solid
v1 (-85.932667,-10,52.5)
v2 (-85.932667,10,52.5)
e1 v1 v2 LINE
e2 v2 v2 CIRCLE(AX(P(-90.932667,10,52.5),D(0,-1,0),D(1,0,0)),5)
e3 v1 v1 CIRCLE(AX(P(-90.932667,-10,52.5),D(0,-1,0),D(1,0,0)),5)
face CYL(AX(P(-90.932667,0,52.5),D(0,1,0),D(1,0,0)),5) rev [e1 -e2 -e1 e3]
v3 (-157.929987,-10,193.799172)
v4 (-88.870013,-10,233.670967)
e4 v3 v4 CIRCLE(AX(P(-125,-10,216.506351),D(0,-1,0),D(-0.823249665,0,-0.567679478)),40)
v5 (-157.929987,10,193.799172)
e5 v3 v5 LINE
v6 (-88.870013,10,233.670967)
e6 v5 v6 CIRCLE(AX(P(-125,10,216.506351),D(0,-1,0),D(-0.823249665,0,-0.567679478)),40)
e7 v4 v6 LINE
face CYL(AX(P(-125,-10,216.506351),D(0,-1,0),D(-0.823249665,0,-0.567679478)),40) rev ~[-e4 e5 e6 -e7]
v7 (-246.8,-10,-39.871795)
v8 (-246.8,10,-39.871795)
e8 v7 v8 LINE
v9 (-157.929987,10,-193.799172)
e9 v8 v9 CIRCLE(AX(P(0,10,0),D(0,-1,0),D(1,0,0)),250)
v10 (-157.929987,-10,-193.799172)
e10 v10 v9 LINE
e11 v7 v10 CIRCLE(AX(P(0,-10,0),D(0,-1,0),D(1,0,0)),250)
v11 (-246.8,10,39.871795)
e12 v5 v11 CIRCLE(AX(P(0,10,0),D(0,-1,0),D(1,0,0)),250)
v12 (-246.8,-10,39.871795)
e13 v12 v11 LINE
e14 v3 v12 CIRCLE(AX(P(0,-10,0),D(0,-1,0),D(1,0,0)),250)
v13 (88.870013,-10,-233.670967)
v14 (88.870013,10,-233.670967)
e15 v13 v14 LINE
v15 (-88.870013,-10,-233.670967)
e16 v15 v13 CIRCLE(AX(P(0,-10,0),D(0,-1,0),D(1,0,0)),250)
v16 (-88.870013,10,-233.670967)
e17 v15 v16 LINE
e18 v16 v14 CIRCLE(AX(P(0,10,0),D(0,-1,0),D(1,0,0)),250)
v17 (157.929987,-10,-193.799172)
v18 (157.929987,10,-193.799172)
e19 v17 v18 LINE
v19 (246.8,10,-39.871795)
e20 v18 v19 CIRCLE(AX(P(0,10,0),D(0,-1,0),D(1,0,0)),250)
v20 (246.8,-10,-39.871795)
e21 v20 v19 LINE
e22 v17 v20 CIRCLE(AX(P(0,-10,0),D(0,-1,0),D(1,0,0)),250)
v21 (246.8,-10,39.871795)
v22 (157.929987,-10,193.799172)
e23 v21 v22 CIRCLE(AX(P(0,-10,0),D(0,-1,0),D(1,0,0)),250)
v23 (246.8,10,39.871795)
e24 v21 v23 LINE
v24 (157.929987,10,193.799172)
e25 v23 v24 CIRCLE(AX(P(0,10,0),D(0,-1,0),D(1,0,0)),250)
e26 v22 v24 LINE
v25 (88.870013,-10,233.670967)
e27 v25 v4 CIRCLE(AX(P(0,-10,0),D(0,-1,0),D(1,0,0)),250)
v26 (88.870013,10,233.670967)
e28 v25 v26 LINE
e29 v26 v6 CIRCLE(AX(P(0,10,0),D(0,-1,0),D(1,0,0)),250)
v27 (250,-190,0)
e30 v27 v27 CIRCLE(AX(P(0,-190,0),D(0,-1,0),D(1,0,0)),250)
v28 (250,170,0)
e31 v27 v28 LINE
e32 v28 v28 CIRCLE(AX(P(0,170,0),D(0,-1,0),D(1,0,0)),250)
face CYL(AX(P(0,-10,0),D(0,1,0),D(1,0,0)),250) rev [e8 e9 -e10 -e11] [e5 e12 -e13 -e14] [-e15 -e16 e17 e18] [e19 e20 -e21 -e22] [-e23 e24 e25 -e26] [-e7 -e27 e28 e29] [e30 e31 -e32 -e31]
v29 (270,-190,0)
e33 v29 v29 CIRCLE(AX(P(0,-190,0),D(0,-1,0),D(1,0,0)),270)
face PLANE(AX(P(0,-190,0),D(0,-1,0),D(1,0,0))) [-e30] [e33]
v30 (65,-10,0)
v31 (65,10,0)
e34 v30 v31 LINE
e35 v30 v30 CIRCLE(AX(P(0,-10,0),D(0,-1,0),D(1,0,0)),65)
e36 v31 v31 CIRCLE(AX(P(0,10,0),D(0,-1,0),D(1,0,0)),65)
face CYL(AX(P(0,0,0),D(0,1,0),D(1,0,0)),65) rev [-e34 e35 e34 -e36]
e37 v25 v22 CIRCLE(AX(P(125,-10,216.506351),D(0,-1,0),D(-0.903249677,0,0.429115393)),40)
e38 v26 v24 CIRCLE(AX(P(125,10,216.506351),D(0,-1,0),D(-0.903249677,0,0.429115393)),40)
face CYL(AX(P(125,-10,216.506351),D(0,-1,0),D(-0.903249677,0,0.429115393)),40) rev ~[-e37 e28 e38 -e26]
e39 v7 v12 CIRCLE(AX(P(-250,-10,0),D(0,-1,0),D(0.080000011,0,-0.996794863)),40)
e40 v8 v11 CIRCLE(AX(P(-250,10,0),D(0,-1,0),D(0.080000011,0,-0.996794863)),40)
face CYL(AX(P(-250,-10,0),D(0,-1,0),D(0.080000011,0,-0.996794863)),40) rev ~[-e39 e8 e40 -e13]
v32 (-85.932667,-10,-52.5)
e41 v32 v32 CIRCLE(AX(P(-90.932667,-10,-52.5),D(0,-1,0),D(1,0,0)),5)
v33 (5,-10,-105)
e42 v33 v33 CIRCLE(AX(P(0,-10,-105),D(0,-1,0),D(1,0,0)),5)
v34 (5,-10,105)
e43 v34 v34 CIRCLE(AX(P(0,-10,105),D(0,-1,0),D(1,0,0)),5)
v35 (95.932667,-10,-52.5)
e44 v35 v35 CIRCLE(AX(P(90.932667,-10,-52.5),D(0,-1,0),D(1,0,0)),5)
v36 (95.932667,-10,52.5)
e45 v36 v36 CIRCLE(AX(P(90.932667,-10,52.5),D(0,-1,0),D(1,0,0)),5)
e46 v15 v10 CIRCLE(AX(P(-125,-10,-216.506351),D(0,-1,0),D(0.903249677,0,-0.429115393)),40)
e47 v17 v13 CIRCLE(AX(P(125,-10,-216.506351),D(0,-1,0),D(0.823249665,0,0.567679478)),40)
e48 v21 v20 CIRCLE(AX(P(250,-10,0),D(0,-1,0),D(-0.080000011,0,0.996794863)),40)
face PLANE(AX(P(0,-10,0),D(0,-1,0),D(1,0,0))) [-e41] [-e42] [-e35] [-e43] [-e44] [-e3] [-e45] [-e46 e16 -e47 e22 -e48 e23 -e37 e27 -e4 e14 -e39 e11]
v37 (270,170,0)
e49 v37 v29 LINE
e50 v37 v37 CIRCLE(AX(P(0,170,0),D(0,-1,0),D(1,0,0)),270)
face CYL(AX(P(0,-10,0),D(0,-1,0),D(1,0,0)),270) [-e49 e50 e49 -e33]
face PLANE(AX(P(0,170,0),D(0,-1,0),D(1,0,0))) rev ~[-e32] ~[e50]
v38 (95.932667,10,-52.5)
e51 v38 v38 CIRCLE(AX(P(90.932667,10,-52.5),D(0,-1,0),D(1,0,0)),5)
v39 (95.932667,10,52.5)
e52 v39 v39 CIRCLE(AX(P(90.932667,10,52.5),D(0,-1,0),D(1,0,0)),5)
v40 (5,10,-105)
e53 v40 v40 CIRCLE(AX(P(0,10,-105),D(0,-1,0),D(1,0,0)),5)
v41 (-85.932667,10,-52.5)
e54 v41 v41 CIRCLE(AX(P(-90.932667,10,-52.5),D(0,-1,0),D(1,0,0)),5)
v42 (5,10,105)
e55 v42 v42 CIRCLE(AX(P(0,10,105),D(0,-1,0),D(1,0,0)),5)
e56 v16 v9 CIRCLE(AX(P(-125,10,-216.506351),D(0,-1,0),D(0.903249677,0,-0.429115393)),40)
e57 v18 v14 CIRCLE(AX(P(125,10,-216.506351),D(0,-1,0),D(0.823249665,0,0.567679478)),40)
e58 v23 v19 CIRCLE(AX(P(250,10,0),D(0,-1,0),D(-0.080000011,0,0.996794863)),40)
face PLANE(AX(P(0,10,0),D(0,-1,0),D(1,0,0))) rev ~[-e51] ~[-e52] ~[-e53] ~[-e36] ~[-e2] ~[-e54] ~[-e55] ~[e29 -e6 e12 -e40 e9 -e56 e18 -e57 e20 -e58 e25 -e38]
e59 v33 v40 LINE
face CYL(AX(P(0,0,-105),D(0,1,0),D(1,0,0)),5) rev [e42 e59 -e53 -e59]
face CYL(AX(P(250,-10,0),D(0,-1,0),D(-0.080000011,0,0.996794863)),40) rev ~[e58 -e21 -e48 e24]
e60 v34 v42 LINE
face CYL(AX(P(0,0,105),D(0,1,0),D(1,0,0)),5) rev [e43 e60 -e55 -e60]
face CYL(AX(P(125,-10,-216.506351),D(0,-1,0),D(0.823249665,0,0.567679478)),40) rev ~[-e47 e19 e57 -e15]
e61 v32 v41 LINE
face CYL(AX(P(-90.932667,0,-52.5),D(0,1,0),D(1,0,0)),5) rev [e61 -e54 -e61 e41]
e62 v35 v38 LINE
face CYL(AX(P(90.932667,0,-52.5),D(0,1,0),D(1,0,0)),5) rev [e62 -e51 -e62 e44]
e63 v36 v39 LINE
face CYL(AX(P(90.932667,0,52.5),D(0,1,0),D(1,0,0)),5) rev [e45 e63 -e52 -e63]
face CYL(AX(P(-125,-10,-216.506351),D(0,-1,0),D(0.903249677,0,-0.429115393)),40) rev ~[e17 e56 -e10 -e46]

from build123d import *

# Parameters (mm, degrees)
F0_R     = 250
F0_R_2   = 5
F0_R_3   = 65
F1_DEPTH = 10
F3_DEPTH = 20.001
F4_R     = 270
F4_R_2   = 250
F5_DEPTH = 180


with BuildPart() as f1:
    # F0 (on Front) → F1 (new body, symmetric)
    with BuildSketch(Plane.XZ):
        Circle(F0_R)
        with Locations((-90.932667, -52.5)):
            Circle(F0_R_2, mode=Mode.SUBTRACT)
        with Locations((0, -105)):
            Circle(F0_R_2, mode=Mode.SUBTRACT)
        with Locations((90.932667, -52.5)):
            Circle(F0_R_2, mode=Mode.SUBTRACT)
        with Locations((-90.932667, 52.5)):
            Circle(F0_R_2, mode=Mode.SUBTRACT)
        Circle(F0_R_3, mode=Mode.SUBTRACT)
        with Locations((90.932667, 52.5)):
            Circle(F0_R_2, mode=Mode.SUBTRACT)
        with Locations((0, 105)):
            Circle(F0_R_2, mode=Mode.SUBTRACT)
    extrude(amount=F1_DEPTH, both=True)

    # F2 (on face) → F3 (cut, through all)
    with BuildSketch(Plane.XZ.offset(10)):
        with BuildLine():
            ThreePointArc((157.929987, 193.799172), (125, 216.506351), (88.870013, 233.670967))
            ThreePointArc((88.870013, 233.670967), (105, 181.865335), (157.929987, 193.799172))
        make_face()
        with BuildLine():
            ThreePointArc((250, 0), (249.198716, 20), (246.8, 39.871795))
            ThreePointArc((246.8, 39.871795), (210, 0), (246.8, -39.871795))
            ThreePointArc((246.8, -39.871795), (249.198716, -20), (250, 0))
        make_face()
        with BuildLine():
            ThreePointArc((88.870013, -233.670967), (125, -216.506351), (157.929987, -193.799172))
            ThreePointArc((157.929987, -193.799172), (105, -181.865335), (88.870013, -233.670967))
        make_face()
        with BuildLine():
            ThreePointArc((-88.870013, -233.670967), (-105, -181.865335), (-157.929987, -193.799172))
            ThreePointArc((-157.929987, -193.799172), (-125, -216.506351), (-88.870013, -233.670967))
        make_face()
        with BuildLine():
            ThreePointArc((-246.8, -39.871795), (-210, 0), (-246.8, 39.871795))
            ThreePointArc((-246.8, 39.871795), (-250, 0), (-246.8, -39.871795))
        make_face()
        with BuildLine():
            ThreePointArc((-157.929987, 193.799172), (-105, 181.865335), (-88.870013, 233.670967))
            ThreePointArc((-88.870013, 233.670967), (-125, 216.506351), (-157.929987, 193.799172))
        make_face()
    extrude(amount=-F3_DEPTH, mode=Mode.SUBTRACT)

    # F4 (on face) → F5 (join, symmetric)
    with BuildSketch(Plane.XZ.offset(10)):
        Circle(F4_R)
        Circle(F4_R_2, mode=Mode.SUBTRACT)
    extrude(amount=F5_DEPTH, both=True)


solid = f1.part
